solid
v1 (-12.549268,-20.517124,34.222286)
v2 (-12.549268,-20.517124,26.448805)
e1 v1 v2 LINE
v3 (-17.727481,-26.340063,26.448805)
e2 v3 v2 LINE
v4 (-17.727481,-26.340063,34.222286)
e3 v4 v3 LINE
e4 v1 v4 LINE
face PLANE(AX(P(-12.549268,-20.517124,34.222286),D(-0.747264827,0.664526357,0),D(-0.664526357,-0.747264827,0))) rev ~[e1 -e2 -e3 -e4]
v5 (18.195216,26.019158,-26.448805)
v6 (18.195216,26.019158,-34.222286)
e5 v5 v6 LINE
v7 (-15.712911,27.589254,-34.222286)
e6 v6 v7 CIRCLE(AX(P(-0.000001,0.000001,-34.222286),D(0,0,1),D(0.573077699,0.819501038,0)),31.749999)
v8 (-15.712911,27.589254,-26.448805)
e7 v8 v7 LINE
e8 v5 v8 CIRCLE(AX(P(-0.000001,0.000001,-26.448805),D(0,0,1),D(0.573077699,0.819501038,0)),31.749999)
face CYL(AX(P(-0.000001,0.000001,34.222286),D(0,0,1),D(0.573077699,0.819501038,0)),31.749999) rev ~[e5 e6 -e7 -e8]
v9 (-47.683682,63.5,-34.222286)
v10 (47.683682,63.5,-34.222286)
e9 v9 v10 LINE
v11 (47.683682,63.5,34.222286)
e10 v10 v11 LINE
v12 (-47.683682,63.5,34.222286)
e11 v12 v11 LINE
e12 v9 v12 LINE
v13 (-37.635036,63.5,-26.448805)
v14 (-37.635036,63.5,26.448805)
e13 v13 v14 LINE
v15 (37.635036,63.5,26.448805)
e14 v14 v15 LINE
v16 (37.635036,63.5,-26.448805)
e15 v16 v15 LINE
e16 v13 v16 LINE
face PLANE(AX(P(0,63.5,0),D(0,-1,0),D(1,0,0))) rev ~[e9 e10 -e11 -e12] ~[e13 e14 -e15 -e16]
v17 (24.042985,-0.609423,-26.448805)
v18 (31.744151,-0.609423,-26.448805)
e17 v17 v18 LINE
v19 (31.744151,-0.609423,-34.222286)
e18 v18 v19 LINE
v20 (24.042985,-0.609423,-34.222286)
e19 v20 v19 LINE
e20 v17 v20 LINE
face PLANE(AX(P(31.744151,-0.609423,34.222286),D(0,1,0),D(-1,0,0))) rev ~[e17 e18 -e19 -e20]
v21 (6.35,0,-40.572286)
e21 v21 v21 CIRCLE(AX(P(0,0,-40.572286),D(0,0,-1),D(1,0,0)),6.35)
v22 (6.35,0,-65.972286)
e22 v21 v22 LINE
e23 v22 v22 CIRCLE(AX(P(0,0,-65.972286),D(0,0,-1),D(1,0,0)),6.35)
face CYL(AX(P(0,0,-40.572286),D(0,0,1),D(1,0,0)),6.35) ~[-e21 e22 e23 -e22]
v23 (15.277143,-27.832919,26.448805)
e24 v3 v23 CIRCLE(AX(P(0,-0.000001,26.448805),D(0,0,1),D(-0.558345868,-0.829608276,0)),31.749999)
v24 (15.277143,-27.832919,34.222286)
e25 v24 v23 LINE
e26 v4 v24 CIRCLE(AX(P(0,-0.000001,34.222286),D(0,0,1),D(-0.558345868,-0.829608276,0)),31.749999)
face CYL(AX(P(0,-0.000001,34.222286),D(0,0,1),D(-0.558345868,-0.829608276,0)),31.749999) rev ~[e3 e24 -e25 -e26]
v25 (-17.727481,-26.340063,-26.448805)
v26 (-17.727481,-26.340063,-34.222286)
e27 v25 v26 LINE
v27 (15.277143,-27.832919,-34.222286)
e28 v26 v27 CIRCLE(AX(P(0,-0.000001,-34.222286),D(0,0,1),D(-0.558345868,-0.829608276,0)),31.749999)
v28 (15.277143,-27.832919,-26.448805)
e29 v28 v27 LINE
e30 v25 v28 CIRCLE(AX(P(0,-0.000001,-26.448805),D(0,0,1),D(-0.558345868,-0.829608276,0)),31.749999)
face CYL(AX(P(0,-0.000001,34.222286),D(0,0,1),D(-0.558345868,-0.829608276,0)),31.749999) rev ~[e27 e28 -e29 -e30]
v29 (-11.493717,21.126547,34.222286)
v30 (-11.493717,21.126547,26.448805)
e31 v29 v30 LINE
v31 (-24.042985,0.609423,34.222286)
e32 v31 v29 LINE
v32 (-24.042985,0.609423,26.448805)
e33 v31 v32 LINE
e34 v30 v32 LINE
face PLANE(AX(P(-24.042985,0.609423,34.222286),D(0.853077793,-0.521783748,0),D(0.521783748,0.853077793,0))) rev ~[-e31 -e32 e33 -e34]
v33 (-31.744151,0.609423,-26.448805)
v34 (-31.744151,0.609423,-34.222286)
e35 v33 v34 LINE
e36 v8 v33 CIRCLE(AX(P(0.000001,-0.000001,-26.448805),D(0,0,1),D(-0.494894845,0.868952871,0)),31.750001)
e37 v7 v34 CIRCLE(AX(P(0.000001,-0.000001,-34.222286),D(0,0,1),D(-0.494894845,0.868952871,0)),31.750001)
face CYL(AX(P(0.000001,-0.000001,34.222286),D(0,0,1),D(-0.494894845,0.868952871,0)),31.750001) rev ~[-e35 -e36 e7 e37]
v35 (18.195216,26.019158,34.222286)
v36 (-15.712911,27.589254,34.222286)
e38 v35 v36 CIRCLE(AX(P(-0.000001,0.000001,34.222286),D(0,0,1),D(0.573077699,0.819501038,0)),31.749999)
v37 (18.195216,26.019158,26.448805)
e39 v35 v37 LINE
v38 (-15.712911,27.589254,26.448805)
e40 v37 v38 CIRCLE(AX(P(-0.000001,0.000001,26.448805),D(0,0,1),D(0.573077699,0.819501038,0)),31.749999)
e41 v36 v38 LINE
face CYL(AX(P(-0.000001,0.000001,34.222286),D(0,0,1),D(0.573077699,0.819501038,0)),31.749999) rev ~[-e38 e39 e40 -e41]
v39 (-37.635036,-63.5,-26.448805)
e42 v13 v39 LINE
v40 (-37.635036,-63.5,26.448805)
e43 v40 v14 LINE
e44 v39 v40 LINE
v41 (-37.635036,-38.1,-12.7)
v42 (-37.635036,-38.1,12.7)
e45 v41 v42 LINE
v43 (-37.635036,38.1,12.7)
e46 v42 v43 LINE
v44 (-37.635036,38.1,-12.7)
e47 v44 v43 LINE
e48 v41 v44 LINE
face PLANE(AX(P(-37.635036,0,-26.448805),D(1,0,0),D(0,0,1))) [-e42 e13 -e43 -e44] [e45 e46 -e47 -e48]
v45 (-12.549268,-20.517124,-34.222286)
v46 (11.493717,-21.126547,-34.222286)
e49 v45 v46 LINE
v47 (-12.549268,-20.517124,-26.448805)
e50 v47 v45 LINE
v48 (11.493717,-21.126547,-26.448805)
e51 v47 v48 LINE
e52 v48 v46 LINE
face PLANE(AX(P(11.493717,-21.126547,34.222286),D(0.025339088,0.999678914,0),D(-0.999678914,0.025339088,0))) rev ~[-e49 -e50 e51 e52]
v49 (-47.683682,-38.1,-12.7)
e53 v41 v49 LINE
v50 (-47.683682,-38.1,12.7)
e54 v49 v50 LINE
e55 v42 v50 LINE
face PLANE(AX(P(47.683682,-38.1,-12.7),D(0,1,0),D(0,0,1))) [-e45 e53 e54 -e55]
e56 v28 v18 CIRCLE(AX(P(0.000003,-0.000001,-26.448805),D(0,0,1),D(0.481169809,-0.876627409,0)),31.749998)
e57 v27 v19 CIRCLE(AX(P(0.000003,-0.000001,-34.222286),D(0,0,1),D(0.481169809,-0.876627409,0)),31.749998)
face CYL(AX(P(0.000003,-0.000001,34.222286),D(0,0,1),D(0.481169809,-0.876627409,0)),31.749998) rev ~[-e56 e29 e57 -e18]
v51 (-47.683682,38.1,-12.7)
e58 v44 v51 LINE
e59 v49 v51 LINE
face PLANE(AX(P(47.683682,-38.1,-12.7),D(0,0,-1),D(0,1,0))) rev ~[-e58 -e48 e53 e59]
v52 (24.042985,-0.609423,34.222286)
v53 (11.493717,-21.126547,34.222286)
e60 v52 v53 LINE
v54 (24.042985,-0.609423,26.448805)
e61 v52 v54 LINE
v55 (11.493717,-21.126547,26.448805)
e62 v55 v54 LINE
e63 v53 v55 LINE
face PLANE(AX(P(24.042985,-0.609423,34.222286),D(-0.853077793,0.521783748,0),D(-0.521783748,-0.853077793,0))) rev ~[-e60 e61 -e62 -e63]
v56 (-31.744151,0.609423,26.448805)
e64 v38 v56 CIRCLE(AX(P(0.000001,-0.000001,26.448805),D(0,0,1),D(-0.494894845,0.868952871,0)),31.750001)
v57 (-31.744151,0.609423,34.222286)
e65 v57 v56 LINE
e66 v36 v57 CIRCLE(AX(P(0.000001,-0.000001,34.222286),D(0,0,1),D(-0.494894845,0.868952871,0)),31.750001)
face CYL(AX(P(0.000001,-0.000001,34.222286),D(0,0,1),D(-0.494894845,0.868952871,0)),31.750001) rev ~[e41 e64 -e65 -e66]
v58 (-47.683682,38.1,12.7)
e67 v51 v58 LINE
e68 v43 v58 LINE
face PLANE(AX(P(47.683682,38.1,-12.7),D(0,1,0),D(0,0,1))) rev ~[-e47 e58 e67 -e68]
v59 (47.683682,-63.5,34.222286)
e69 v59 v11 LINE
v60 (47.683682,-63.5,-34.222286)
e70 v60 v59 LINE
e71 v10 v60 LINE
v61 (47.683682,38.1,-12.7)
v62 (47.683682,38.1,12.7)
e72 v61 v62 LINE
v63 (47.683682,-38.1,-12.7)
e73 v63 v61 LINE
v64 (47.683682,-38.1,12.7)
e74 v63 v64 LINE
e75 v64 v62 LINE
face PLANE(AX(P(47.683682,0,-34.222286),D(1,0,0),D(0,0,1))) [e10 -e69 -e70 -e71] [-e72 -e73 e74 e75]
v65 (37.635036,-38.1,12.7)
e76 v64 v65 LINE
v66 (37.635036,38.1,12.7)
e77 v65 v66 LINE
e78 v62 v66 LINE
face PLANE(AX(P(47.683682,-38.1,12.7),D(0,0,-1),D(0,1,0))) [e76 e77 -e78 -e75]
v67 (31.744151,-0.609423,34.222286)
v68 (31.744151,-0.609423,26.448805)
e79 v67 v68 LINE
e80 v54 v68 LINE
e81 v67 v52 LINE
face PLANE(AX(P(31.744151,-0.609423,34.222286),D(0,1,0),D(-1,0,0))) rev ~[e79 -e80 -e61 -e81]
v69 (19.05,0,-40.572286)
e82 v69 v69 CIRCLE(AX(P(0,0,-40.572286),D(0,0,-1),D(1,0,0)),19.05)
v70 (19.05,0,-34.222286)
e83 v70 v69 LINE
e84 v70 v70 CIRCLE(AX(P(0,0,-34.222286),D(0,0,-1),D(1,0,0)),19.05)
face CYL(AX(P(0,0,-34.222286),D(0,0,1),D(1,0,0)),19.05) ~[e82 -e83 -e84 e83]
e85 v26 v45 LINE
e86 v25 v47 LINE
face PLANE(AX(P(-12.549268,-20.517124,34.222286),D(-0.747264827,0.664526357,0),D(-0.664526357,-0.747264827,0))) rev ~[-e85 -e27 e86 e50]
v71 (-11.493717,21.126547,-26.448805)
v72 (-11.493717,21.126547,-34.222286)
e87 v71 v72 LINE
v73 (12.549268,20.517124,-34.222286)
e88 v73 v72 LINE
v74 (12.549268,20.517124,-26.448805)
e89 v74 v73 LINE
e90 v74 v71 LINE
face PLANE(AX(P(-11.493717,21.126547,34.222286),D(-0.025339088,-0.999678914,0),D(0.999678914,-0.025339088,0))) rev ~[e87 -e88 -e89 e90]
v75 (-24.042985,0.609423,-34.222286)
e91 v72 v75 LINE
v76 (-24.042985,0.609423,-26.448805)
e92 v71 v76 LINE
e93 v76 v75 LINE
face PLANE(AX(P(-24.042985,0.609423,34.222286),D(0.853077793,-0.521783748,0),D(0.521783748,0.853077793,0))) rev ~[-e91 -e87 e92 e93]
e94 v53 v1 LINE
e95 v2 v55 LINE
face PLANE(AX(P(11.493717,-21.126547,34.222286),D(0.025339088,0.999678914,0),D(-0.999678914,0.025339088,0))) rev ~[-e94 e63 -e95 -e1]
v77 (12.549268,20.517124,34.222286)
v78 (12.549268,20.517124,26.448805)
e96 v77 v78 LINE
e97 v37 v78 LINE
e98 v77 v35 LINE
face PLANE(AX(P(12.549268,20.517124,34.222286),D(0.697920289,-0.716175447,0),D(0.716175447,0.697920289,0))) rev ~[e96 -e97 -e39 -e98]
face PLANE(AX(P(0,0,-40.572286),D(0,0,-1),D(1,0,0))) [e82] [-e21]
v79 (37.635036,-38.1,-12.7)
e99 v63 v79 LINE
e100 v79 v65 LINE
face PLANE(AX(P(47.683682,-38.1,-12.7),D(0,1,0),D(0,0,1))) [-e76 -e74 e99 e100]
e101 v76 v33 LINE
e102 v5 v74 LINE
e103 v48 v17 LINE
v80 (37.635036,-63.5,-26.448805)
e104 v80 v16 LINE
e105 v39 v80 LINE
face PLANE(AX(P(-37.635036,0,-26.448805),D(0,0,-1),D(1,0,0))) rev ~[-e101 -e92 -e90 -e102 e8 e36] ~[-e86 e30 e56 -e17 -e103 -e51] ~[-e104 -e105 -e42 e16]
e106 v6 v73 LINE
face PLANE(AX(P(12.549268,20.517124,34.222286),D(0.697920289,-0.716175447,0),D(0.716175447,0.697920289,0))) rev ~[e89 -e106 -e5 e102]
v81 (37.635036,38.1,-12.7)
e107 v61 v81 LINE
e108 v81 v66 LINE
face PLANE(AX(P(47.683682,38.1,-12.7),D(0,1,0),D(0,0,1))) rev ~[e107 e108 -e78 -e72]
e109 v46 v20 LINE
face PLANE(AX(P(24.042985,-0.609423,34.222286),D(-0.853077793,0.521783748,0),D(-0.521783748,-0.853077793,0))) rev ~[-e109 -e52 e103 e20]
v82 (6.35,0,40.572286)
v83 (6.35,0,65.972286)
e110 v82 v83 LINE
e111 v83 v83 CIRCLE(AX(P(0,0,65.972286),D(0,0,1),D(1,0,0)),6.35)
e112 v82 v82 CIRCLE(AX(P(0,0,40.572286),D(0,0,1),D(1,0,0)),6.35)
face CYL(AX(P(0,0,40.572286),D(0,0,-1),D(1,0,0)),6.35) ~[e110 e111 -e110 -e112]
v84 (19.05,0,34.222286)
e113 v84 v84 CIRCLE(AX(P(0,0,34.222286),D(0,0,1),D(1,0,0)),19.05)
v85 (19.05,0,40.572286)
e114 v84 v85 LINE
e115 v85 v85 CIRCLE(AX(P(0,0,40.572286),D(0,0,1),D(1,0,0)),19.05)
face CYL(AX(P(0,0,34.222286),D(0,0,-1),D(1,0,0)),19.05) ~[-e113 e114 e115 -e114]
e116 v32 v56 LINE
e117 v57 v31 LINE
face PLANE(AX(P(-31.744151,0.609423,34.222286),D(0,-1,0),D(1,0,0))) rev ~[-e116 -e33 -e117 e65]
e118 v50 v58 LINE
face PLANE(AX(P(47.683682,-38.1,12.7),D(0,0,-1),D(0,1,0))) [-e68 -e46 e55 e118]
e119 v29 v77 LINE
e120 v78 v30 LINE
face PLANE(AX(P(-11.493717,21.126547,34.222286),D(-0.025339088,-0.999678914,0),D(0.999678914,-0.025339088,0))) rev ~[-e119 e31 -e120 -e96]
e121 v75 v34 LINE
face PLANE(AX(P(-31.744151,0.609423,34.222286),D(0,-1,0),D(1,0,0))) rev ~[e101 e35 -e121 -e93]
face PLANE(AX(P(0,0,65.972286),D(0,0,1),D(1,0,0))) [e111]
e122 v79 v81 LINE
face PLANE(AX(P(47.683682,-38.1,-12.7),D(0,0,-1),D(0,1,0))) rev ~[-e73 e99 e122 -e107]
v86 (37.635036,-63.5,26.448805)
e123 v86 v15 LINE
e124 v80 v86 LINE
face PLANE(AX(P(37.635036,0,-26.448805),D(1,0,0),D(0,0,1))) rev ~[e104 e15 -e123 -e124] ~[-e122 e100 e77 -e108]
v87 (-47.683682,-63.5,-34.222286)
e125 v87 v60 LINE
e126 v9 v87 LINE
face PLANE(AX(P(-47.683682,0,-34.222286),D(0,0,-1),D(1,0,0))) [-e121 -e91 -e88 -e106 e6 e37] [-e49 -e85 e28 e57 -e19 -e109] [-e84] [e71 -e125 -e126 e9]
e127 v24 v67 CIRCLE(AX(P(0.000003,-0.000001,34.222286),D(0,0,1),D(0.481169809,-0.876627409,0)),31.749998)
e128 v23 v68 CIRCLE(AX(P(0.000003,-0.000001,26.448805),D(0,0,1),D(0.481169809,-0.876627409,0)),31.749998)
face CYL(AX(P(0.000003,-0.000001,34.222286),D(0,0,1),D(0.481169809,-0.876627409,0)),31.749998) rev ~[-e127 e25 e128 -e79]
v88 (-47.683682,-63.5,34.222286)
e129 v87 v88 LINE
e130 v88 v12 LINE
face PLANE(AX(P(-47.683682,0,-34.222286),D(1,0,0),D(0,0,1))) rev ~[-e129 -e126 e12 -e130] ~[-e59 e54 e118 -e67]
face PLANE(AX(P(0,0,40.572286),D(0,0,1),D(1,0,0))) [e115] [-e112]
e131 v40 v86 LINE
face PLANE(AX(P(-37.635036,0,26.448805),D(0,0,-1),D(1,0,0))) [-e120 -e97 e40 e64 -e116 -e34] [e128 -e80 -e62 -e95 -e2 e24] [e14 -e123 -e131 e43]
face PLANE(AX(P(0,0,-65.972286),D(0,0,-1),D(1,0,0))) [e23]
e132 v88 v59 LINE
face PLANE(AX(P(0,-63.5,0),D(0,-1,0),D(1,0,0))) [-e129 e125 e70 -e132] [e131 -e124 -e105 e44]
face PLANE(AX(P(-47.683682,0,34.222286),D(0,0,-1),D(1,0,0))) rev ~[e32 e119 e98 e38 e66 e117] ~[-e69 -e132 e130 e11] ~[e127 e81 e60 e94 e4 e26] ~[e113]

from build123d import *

# Parameters (mm, degrees)
F0_W      = 95.367364
F0_H      = 68.444572
F0_W_2    = 75.270072
F0_H_2    = 52.89761
F1_DEPTH  = 63.5
F3_DEPTH  = 68.445572
F4_R      = 19.05
F5_DEPTH  = 6.35
F6_R      = 19.05
F7_DEPTH  = 6.35
F8_W      = 76.2
F8_H      = 25.4
F9_DEPTH  = 95.368365
F10_R     = 6.35
F11_DEPTH = 25.4
F12_R     = 6.35
F13_DEPTH = 25.4


with BuildPart() as f1:
    # F0 (on Front) → F1 (new body, symmetric)
    with BuildSketch(Plane.XZ):
        Rectangle(F0_W, F0_H)
        Rectangle(F0_W_2, F0_H_2, mode=Mode.SUBTRACT)
    extrude(amount=F1_DEPTH, both=True)

    # F2 (on face) → F3 (cut, through all)
    with BuildSketch(Plane.XY.offset(34.222286)):
        with BuildLine():
            Line((12.549268, 20.517124), (18.195216, 26.019158))
            ThreePointArc((18.195216, 26.019158), (1.468591, 31.716017), (-15.712911, 27.589254))
            Line((-15.712911, 27.589254), (-11.493717, 21.126547))
            Line((-11.493717, 21.126547), (12.549268, 20.517124))
        make_face()
        with BuildLine():
            Line((-11.493717, 21.126547), (-15.712911, 27.589254))
            ThreePointArc((-15.712911, 27.589254), (-27.295073, 16.218554), (-31.744151, 0.609423))
            Line((-31.744151, 0.609423), (-24.042985, 0.609423))
            Line((-24.042985, 0.609423), (-11.493717, 21.126547))
        make_face()
        with BuildLine():
            ThreePointArc((-17.727481, -26.340063), (-1.43464, -31.717571), (15.277143, -27.832919))
            Line((15.277143, -27.832919), (11.493717, -21.126547))
            Line((11.493717, -21.126547), (-12.549268, -20.517124))
            Line((-12.549268, -20.517124), (-17.727481, -26.340063))
        make_face()
        with BuildLine():
            ThreePointArc((15.277143, -27.832919), (27.166712, -16.432659), (31.744151, -0.609423))
            Line((31.744151, -0.609423), (24.042985, -0.609423))
            Line((24.042985, -0.609423), (11.493717, -21.126547))
            Line((11.493717, -21.126547), (15.277143, -27.832919))
        make_face()
    extrude(amount=-F3_DEPTH, mode=Mode.SUBTRACT)

    # F4 (on face) → F5 (join)
    with BuildSketch(Plane.XY.offset(34.222286)):
        Circle(F4_R)
    extrude(amount=F5_DEPTH)

    # F6 (on face) → F7 (join)
    with BuildSketch(Plane(origin=(0, 0, -34.222286), x_dir=(1, 0, 0), z_dir=(0, 0, -1))):
        Circle(F6_R)
    extrude(amount=F7_DEPTH)

    # F8 (on face) → F9 (cut, through all)
    with BuildSketch(Plane.YZ.offset(47.683682)):
        Rectangle(F8_W, F8_H)
    extrude(amount=-F9_DEPTH, mode=Mode.SUBTRACT)

    # F10 (on face) → F11 (join)
    with BuildSketch(Plane.XY.offset(40.572286)):
        Circle(F10_R)
    extrude(amount=F11_DEPTH)

    # F12 (on face) → F13 (join)
    with BuildSketch(Plane(origin=(0, 0, -40.572286), x_dir=(1, 0, 0), z_dir=(0, 0, -1))):
        Circle(F12_R)
    extrude(amount=F13_DEPTH)


solid = f1.part
